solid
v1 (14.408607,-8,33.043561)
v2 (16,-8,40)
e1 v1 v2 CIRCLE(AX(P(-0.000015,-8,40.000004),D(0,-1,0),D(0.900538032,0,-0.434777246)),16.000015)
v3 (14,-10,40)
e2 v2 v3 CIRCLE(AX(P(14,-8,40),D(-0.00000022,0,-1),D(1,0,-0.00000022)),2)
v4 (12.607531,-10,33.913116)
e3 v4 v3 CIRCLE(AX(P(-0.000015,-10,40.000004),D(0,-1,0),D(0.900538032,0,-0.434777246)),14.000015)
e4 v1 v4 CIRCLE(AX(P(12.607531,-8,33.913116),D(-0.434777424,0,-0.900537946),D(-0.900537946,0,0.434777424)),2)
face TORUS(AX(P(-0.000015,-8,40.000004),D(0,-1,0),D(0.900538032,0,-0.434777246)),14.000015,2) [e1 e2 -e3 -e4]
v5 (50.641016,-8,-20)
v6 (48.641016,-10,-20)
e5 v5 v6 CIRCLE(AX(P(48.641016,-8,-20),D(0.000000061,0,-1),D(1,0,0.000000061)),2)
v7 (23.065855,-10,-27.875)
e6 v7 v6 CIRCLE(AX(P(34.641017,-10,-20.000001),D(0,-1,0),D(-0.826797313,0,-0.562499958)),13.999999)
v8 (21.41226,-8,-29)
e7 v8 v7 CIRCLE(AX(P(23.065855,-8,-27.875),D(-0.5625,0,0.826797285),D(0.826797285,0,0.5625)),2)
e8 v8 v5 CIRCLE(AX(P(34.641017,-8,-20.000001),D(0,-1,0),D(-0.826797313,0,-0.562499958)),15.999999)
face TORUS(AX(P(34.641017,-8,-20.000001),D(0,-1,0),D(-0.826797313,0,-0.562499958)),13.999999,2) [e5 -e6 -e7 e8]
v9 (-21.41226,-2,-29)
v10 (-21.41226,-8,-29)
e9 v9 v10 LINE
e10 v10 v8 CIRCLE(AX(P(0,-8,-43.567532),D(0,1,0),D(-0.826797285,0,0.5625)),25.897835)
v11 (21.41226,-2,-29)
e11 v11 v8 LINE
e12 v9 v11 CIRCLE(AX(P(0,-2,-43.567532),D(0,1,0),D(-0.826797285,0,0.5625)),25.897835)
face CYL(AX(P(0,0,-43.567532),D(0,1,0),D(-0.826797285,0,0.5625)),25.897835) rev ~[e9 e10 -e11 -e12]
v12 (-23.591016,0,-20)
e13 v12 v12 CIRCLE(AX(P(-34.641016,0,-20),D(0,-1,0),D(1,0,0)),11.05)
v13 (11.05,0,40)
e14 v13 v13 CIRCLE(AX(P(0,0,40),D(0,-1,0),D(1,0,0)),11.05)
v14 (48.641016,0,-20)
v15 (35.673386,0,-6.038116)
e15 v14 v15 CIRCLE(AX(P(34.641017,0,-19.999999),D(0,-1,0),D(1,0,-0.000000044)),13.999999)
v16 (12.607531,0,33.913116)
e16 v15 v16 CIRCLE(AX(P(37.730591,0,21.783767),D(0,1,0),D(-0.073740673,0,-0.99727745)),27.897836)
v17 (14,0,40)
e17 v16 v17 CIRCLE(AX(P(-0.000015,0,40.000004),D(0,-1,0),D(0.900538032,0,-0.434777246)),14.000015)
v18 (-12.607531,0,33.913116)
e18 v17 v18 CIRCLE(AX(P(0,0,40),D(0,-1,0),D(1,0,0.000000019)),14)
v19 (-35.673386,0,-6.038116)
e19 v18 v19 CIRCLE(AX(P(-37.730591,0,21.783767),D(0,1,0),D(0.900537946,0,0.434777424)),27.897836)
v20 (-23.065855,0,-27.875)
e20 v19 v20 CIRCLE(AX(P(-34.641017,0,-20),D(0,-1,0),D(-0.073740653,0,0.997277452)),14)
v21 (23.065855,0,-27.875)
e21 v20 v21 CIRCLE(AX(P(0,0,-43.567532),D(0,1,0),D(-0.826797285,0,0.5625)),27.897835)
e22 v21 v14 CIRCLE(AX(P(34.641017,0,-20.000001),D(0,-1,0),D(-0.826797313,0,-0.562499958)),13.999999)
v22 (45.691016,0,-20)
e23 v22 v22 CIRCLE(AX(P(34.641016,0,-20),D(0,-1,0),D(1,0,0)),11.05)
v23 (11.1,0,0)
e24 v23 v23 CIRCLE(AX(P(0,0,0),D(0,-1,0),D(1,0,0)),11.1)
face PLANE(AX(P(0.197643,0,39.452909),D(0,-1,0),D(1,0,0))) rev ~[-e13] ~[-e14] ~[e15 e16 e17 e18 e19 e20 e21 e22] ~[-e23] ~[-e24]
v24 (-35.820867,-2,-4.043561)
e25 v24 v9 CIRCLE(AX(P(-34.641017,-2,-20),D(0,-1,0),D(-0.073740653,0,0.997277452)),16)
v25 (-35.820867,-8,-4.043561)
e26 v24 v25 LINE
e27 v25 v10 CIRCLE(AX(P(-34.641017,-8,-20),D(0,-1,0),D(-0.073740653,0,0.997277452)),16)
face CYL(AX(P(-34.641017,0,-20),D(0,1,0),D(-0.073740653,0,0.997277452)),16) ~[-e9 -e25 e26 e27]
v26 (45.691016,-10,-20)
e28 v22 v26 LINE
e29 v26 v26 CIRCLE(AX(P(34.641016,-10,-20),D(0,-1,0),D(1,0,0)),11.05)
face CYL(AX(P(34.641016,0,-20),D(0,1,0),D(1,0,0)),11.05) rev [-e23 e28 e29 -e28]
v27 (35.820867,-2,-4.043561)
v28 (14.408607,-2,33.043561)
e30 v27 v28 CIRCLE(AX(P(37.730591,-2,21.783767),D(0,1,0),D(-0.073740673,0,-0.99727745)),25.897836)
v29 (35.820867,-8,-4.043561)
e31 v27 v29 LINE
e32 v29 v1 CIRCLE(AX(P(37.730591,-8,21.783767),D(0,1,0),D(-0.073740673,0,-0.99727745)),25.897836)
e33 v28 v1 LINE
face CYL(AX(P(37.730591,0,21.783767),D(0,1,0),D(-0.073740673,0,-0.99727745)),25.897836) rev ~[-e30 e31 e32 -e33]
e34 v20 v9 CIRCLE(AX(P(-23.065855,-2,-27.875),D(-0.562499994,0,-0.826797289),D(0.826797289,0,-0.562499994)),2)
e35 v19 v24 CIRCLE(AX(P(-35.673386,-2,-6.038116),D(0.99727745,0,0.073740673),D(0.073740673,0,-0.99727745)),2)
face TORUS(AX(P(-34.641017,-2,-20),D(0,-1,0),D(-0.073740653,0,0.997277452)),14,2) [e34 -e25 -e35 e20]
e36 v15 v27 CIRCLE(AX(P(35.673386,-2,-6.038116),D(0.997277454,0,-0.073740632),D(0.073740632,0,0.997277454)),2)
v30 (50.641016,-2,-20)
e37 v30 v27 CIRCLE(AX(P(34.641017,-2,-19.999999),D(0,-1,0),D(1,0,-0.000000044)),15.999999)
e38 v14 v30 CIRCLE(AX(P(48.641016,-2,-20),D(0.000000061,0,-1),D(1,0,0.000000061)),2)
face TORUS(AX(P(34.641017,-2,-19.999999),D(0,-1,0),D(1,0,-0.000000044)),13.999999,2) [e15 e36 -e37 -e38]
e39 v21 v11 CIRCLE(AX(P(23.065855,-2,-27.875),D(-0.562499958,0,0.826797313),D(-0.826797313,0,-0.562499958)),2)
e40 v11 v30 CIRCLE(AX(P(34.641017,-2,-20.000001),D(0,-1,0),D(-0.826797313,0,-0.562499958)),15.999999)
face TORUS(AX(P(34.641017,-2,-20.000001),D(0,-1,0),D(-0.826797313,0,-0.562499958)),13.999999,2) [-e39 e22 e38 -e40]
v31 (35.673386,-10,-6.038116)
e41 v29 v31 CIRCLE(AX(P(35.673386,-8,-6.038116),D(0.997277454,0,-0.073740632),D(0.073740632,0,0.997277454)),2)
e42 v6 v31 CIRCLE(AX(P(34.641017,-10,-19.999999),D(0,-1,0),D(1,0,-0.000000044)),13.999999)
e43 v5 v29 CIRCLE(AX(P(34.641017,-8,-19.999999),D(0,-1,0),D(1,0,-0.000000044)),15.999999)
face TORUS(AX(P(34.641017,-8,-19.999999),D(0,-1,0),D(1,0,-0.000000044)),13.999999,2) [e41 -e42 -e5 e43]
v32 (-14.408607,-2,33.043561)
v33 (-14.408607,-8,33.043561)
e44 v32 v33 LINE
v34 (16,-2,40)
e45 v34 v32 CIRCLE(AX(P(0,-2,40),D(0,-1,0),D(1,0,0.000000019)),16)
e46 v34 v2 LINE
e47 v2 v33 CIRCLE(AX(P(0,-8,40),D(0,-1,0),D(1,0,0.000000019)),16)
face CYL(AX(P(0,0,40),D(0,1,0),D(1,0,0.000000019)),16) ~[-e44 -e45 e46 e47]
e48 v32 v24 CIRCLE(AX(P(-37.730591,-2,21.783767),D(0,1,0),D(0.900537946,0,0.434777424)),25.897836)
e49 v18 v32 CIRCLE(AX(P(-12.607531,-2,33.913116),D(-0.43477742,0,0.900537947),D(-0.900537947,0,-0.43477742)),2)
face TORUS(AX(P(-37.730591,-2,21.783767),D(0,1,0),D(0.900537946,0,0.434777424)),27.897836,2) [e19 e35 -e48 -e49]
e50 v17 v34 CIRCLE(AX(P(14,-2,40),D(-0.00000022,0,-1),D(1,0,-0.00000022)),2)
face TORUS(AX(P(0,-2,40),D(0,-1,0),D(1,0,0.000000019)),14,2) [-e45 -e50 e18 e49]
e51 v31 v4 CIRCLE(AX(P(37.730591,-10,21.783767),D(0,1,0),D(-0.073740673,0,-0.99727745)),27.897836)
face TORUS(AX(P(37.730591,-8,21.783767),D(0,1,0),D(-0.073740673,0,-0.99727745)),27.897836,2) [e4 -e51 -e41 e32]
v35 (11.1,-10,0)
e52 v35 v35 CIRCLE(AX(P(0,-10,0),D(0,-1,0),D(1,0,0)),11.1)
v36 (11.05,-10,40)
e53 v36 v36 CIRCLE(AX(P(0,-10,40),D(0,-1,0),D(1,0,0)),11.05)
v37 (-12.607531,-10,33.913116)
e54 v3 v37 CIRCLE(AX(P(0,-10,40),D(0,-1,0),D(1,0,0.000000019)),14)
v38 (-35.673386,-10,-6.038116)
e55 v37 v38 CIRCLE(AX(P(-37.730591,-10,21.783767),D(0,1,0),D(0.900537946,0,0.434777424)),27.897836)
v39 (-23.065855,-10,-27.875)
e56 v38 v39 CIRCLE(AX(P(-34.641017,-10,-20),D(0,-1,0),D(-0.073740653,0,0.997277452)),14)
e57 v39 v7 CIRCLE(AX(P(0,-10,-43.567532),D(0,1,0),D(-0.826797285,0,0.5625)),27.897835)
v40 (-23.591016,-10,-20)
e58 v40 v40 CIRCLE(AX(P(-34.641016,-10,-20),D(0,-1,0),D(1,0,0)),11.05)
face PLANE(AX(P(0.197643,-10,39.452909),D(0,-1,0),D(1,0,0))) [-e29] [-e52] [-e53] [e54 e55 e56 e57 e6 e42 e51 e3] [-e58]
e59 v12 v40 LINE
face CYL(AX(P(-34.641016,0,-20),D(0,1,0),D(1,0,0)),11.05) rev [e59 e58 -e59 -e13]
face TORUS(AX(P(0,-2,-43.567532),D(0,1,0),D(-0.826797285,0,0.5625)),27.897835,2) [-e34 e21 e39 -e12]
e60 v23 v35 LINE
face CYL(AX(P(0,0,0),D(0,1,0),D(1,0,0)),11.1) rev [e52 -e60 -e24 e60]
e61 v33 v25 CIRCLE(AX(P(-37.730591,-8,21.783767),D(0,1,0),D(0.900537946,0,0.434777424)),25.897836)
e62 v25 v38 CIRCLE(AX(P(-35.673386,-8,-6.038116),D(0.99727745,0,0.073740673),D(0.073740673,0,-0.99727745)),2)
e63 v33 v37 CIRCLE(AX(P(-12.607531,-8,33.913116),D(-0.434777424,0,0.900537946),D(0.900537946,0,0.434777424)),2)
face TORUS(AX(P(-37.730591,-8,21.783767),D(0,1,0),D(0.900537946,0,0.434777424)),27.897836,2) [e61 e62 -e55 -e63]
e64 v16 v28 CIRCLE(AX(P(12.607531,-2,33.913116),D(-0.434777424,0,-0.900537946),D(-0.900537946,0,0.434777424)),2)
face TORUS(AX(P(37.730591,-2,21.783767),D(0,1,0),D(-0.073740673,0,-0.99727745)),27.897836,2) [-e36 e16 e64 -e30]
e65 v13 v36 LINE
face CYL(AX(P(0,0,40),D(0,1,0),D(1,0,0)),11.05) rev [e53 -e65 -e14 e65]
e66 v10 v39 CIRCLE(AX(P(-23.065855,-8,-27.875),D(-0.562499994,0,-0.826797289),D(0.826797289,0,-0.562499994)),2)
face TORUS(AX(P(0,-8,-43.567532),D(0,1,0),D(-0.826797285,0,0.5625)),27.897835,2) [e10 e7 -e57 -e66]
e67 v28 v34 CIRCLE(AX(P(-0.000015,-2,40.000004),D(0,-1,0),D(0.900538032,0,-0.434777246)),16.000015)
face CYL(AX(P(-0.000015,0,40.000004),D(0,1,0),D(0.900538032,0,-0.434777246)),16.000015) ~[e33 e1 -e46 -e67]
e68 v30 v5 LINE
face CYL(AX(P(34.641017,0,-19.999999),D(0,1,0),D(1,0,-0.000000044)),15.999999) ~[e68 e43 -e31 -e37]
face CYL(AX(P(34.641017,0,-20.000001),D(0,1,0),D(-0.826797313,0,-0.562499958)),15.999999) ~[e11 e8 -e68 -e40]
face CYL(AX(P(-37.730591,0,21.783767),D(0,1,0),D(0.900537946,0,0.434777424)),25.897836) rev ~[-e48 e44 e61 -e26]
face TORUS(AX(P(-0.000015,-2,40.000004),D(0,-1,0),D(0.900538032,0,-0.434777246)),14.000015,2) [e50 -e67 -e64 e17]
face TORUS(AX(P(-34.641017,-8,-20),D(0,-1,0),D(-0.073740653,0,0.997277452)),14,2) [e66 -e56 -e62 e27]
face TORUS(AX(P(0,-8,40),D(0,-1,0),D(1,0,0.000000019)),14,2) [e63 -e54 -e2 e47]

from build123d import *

# Parameters (mm, degrees)
F0_R     = 11.05
F0_R_2   = 11.1
F1_DEPTH = 10
F2_R     = 2
F3_R     = 2


with BuildPart() as f1:
    # F0 (on Front) → F1 (new body)
    with BuildSketch(Plane.XZ):
        with BuildLine():
            ThreePointArc((14.408607, 33.043561), (15.597078, 36.431927), (16, 40))
            ThreePointArc((16, 40), (-3.568073, 55.597078), (-14.408607, 33.043561))
            ThreePointArc((-14.408607, 33.043561), (0, 24), (14.408607, 33.043561))
        make_face()
        with Locations((0, 40)):
            Circle(F0_R, mode=Mode.SUBTRACT)
        with BuildLine():
            ThreePointArc((14.408607, 33.043561), (0, 24), (-14.408607, 33.043561))
            ThreePointArc((-14.408607, 33.043561), (-15.302407, 8.834849), (-35.820867, -4.043561))
            ThreePointArc((-35.820867, -4.043561), (-23.752435, -8.27657), (-18.641016, -20))
            ThreePointArc((-18.641016, -20), (-19.349514, -24.708497), (-21.41226, -29))
            ThreePointArc((-21.41226, -29), (0, -17.669697), (21.41226, -29))
            ThreePointArc((21.41226, -29), (20.78461, -12), (35.820867, -4.043561))
            ThreePointArc((35.820867, -4.043561), (15.302407, 8.834849), (14.408607, 33.043561))
        make_face()
        Circle(F0_R_2, mode=Mode.SUBTRACT)
        with BuildLine():
            ThreePointArc((-18.641016, -20), (-23.752435, -8.27657), (-35.820867, -4.043561))
            ThreePointArc((-35.820867, -4.043561), (-48.497423, -28), (-21.41226, -29))
            ThreePointArc((-21.41226, -29), (-19.349514, -24.708497), (-18.641016, -20))
        make_face()
        with Locations((-34.641016, -20)):
            Circle(F0_R, mode=Mode.SUBTRACT)
        with BuildLine():
            ThreePointArc((50.641016, -20), (46.364446, -9.111419), (35.820867, -4.043561))
            ThreePointArc((35.820867, -4.043561), (20.78461, -12), (21.41226, -29))
            ThreePointArc((21.41226, -29), (39.349514, -35.291503), (50.641016, -20))
        make_face()
        with Locations((34.641016, -20)):
            Circle(F0_R, mode=Mode.SUBTRACT)
    extrude(amount=F1_DEPTH)

    # F2
    f2_edges = [f1.edges().sort_by_distance(p)[0] for p in [
        (-15.302407, -10, 8.834849),
        (-48.497423, -10, -28),
        (0, -10, -17.669697),
        (48.497423, -10, -28),
        (15.302407, -10, 8.834849),
        (0, -10, 56),
    ]]
    fillet(f2_edges, radius=F2_R)

    # F3
    f3_edges = [f1.edges().sort_by_distance(p)[0] for p in [
        (48.497423, 0, -28),
        (0, 0, -17.669697),
        (-48.497423, 0, -28),
        (-15.302407, 0, 8.834849),
        (0, 0, 56),
        (15.302407, 0, 8.834849),
    ]]
    fillet(f3_edges, radius=F3_R)


solid = f1.part
